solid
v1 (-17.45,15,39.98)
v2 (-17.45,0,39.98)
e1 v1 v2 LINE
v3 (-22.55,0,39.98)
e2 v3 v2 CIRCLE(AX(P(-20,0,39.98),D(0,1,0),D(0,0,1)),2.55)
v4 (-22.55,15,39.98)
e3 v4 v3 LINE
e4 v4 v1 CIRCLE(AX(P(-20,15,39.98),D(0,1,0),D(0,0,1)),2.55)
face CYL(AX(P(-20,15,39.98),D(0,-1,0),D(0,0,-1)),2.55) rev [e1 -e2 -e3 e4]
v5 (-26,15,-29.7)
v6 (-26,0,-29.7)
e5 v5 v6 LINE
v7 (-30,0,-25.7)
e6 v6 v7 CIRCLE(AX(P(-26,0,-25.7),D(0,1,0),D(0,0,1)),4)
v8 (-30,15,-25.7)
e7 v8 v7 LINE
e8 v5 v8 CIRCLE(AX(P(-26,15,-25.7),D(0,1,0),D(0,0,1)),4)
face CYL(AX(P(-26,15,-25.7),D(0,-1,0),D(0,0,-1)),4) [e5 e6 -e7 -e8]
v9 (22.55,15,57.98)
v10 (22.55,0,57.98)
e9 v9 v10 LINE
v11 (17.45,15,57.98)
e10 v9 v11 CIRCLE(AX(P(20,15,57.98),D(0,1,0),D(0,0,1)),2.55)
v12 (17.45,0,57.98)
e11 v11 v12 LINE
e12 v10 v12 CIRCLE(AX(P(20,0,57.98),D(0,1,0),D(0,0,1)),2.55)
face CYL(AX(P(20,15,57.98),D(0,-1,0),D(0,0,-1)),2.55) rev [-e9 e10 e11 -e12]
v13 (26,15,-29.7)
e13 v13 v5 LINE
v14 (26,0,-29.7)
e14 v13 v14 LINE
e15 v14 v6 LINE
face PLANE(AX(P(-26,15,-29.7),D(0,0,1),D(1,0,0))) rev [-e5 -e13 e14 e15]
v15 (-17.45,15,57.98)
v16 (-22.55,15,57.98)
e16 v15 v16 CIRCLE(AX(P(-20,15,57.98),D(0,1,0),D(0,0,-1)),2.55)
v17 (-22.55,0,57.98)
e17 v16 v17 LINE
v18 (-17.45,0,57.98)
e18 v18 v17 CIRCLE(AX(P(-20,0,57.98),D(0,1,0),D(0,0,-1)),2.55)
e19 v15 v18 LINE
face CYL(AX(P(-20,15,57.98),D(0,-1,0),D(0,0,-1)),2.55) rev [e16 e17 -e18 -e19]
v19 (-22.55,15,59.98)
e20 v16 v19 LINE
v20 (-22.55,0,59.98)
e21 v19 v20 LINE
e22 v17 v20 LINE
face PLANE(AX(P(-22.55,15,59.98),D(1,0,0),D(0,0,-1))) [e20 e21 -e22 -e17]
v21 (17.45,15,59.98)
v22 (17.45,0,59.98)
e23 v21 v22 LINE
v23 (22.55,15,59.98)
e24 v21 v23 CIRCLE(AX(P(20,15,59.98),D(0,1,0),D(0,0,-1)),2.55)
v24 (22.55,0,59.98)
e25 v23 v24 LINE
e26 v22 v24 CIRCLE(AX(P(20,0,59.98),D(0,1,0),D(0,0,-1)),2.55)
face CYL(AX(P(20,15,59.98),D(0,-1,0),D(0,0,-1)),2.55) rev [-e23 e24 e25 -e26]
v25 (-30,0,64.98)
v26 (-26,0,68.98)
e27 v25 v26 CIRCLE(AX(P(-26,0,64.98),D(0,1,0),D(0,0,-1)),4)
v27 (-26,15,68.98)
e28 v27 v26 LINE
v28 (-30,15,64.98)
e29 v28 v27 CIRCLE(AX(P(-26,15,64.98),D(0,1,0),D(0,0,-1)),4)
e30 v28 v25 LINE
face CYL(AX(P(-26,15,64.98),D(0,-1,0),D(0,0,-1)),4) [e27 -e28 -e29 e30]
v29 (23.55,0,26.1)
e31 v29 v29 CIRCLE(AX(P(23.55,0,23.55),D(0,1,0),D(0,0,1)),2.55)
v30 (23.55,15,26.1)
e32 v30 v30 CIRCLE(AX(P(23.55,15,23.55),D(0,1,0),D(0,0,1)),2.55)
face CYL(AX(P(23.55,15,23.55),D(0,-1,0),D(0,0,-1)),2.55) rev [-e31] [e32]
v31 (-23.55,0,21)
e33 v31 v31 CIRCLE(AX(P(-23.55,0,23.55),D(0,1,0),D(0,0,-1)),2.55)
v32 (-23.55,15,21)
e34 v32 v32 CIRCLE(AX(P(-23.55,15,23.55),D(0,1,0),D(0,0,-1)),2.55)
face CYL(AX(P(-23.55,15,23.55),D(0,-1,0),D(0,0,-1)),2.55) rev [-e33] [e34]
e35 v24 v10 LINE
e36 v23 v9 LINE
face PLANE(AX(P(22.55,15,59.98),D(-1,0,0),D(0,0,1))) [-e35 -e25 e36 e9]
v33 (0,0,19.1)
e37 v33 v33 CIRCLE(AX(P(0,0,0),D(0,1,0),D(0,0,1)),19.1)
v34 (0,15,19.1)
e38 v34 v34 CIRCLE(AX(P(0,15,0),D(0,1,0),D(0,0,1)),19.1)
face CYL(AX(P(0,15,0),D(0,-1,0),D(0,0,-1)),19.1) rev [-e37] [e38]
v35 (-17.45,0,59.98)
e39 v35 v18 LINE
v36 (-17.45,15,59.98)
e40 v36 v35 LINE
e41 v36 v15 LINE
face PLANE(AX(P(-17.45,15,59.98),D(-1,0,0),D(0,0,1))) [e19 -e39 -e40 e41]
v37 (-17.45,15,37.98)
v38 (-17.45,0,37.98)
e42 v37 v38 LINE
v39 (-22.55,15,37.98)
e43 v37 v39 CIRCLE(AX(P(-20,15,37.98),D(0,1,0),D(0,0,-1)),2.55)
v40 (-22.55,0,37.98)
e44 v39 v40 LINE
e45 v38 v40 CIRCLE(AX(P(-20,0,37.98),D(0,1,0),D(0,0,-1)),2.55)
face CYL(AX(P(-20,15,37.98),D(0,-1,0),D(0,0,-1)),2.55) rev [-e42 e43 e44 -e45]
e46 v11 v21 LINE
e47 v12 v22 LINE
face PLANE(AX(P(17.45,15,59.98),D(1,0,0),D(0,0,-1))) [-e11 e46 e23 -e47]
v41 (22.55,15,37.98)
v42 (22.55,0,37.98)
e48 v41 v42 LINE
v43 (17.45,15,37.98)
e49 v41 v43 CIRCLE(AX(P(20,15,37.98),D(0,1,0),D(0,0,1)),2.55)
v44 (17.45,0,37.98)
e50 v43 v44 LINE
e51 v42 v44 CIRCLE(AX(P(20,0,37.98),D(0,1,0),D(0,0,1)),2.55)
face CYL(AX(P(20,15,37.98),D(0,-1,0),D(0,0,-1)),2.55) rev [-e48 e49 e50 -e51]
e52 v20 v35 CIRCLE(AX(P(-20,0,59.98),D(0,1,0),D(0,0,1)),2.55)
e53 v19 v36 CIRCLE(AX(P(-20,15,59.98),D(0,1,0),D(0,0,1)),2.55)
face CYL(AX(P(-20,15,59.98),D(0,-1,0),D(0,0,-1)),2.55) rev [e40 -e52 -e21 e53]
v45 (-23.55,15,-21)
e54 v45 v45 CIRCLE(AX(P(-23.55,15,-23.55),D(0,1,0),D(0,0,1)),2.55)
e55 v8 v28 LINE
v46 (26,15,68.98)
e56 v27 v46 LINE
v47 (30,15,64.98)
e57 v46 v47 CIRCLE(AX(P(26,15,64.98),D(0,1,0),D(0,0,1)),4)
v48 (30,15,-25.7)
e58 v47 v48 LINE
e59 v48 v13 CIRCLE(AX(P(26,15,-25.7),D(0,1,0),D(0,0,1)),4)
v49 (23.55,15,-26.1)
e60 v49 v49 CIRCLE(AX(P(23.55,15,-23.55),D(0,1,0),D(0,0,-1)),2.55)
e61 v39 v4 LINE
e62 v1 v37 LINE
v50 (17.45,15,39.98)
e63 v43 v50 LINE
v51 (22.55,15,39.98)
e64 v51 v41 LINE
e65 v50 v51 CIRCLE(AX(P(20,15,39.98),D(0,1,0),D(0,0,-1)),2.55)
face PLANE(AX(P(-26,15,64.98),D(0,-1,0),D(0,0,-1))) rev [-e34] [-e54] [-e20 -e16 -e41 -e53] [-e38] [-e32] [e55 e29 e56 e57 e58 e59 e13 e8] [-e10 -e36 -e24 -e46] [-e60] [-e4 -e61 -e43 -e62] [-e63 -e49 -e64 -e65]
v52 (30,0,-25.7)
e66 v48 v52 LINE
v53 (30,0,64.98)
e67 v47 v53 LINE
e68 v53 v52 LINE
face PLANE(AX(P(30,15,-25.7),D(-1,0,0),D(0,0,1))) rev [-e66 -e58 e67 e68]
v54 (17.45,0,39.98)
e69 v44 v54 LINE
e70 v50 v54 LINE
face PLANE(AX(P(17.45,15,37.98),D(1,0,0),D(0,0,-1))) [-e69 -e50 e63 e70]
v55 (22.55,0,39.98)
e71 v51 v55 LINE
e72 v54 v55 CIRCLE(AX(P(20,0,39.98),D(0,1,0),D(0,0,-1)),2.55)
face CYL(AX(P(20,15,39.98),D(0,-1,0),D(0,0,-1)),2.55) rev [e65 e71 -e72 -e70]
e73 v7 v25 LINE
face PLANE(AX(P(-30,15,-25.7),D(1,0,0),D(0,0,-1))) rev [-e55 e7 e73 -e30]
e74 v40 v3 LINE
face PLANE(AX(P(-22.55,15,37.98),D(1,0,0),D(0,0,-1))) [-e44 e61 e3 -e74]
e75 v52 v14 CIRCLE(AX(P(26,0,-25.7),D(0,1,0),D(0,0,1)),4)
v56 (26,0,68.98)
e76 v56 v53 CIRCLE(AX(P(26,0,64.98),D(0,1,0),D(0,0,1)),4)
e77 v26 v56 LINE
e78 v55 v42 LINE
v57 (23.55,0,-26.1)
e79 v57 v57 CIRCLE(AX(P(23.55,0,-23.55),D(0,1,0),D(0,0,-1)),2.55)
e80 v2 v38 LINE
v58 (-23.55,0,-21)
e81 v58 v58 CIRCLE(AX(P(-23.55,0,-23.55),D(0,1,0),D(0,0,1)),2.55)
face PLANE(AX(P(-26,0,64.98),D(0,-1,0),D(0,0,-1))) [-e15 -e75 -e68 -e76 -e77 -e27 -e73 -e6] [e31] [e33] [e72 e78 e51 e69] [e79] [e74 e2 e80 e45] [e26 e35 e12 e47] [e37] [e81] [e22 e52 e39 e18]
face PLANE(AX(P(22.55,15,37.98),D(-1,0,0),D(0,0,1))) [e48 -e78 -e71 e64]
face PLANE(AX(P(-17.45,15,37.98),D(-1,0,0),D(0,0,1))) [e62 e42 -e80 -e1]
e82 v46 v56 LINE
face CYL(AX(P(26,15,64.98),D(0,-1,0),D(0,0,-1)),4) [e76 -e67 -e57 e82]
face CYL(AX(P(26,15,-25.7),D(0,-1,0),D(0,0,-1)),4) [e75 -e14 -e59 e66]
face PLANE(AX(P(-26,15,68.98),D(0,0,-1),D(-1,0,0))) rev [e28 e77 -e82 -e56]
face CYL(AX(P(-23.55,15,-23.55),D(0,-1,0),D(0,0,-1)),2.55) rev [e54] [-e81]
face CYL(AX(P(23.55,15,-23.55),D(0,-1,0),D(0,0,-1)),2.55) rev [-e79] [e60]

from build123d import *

# Parameters (mm, degrees)
SKETCH1_R           = 19.1
SKETCH1_R_2         = 2.55
BOSS_EXTRUDE1_DEPTH = 15


with BuildPart() as part:
    # Sketch1 → Boss-Extrude1 (new body)
    with BuildSketch(Plane(origin=(0, 0, 0), x_dir=(1, 0, 0), z_dir=(0, 1, 0))):
        with BuildLine():
            Line((-26, 29.7), (26, 29.7))
            ThreePointArc((26, 29.7), (28.828427125, 28.528427125), (30, 25.7))
            Line((30, 25.7), (30, -64.98))
            ThreePointArc((30, -64.98), (28.828427125, -67.808427125), (26, -68.98))
            Line((26, -68.98), (-26, -68.98))
            ThreePointArc((-26, -68.98), (-28.828427125, -67.808427125), (-30, -64.98))
            Line((-30, -64.98), (-30, 25.7))
            ThreePointArc((-30, 25.7), (-28.828427125, 28.528427125), (-26, 29.7))
        make_face()
        with Locations(Location((0, 0, 0), (0, 0, 270))):
            Circle(SKETCH1_R, mode=Mode.SUBTRACT)
        with Locations(Location((-23.55, 23.55, 0), (0, 0, 270))):
            Circle(SKETCH1_R_2, mode=Mode.SUBTRACT)
        with Locations(Location((23.55, 23.55, 0), (0, 0, 90))):
            Circle(SKETCH1_R_2, mode=Mode.SUBTRACT)
        with Locations(Location((23.55, -23.55, 0), (0, 0, 270))):
            Circle(SKETCH1_R_2, mode=Mode.SUBTRACT)
        with Locations(Location((-23.55, -23.55, 0), (0, 0, 90))):
            Circle(SKETCH1_R_2, mode=Mode.SUBTRACT)
        with BuildLine():
            Line((-22.55, -37.98), (-22.55, -39.98))
            ThreePointArc((-22.55, -39.98), (-20, -42.53), (-17.45, -39.98))
            Line((-17.45, -39.98), (-17.45, -37.98))
            ThreePointArc((-17.45, -37.98), (-20, -35.43), (-22.55, -37.98))
        make_face(mode=Mode.SUBTRACT)
        with BuildLine():
            Line((-22.55, -59.98), (-22.55, -57.98))
            ThreePointArc((-22.55, -57.98), (-20, -55.43), (-17.45, -57.98))
            Line((-17.45, -57.98), (-17.45, -59.98))
            ThreePointArc((-17.45, -59.98), (-20, -62.53), (-22.55, -59.98))
        make_face(mode=Mode.SUBTRACT)
        with BuildLine():
            Line((17.45, -37.98), (17.45, -39.98))
            ThreePointArc((17.45, -39.98), (20, -42.53), (22.55, -39.98))
            Line((22.55, -39.98), (22.55, -37.98))
            ThreePointArc((22.55, -37.98), (20, -35.43), (17.45, -37.98))
        make_face(mode=Mode.SUBTRACT)
        with BuildLine():
            Line((22.55, -59.98), (22.55, -57.98))
            ThreePointArc((22.55, -57.98), (20, -55.43), (17.45, -57.98))
            Line((17.45, -57.98), (17.45, -59.98))
            ThreePointArc((17.45, -59.98), (20, -62.53), (22.55, -59.98))
        make_face(mode=Mode.SUBTRACT)
    extrude(amount=BOSS_EXTRUDE1_DEPTH)


solid = part.part
